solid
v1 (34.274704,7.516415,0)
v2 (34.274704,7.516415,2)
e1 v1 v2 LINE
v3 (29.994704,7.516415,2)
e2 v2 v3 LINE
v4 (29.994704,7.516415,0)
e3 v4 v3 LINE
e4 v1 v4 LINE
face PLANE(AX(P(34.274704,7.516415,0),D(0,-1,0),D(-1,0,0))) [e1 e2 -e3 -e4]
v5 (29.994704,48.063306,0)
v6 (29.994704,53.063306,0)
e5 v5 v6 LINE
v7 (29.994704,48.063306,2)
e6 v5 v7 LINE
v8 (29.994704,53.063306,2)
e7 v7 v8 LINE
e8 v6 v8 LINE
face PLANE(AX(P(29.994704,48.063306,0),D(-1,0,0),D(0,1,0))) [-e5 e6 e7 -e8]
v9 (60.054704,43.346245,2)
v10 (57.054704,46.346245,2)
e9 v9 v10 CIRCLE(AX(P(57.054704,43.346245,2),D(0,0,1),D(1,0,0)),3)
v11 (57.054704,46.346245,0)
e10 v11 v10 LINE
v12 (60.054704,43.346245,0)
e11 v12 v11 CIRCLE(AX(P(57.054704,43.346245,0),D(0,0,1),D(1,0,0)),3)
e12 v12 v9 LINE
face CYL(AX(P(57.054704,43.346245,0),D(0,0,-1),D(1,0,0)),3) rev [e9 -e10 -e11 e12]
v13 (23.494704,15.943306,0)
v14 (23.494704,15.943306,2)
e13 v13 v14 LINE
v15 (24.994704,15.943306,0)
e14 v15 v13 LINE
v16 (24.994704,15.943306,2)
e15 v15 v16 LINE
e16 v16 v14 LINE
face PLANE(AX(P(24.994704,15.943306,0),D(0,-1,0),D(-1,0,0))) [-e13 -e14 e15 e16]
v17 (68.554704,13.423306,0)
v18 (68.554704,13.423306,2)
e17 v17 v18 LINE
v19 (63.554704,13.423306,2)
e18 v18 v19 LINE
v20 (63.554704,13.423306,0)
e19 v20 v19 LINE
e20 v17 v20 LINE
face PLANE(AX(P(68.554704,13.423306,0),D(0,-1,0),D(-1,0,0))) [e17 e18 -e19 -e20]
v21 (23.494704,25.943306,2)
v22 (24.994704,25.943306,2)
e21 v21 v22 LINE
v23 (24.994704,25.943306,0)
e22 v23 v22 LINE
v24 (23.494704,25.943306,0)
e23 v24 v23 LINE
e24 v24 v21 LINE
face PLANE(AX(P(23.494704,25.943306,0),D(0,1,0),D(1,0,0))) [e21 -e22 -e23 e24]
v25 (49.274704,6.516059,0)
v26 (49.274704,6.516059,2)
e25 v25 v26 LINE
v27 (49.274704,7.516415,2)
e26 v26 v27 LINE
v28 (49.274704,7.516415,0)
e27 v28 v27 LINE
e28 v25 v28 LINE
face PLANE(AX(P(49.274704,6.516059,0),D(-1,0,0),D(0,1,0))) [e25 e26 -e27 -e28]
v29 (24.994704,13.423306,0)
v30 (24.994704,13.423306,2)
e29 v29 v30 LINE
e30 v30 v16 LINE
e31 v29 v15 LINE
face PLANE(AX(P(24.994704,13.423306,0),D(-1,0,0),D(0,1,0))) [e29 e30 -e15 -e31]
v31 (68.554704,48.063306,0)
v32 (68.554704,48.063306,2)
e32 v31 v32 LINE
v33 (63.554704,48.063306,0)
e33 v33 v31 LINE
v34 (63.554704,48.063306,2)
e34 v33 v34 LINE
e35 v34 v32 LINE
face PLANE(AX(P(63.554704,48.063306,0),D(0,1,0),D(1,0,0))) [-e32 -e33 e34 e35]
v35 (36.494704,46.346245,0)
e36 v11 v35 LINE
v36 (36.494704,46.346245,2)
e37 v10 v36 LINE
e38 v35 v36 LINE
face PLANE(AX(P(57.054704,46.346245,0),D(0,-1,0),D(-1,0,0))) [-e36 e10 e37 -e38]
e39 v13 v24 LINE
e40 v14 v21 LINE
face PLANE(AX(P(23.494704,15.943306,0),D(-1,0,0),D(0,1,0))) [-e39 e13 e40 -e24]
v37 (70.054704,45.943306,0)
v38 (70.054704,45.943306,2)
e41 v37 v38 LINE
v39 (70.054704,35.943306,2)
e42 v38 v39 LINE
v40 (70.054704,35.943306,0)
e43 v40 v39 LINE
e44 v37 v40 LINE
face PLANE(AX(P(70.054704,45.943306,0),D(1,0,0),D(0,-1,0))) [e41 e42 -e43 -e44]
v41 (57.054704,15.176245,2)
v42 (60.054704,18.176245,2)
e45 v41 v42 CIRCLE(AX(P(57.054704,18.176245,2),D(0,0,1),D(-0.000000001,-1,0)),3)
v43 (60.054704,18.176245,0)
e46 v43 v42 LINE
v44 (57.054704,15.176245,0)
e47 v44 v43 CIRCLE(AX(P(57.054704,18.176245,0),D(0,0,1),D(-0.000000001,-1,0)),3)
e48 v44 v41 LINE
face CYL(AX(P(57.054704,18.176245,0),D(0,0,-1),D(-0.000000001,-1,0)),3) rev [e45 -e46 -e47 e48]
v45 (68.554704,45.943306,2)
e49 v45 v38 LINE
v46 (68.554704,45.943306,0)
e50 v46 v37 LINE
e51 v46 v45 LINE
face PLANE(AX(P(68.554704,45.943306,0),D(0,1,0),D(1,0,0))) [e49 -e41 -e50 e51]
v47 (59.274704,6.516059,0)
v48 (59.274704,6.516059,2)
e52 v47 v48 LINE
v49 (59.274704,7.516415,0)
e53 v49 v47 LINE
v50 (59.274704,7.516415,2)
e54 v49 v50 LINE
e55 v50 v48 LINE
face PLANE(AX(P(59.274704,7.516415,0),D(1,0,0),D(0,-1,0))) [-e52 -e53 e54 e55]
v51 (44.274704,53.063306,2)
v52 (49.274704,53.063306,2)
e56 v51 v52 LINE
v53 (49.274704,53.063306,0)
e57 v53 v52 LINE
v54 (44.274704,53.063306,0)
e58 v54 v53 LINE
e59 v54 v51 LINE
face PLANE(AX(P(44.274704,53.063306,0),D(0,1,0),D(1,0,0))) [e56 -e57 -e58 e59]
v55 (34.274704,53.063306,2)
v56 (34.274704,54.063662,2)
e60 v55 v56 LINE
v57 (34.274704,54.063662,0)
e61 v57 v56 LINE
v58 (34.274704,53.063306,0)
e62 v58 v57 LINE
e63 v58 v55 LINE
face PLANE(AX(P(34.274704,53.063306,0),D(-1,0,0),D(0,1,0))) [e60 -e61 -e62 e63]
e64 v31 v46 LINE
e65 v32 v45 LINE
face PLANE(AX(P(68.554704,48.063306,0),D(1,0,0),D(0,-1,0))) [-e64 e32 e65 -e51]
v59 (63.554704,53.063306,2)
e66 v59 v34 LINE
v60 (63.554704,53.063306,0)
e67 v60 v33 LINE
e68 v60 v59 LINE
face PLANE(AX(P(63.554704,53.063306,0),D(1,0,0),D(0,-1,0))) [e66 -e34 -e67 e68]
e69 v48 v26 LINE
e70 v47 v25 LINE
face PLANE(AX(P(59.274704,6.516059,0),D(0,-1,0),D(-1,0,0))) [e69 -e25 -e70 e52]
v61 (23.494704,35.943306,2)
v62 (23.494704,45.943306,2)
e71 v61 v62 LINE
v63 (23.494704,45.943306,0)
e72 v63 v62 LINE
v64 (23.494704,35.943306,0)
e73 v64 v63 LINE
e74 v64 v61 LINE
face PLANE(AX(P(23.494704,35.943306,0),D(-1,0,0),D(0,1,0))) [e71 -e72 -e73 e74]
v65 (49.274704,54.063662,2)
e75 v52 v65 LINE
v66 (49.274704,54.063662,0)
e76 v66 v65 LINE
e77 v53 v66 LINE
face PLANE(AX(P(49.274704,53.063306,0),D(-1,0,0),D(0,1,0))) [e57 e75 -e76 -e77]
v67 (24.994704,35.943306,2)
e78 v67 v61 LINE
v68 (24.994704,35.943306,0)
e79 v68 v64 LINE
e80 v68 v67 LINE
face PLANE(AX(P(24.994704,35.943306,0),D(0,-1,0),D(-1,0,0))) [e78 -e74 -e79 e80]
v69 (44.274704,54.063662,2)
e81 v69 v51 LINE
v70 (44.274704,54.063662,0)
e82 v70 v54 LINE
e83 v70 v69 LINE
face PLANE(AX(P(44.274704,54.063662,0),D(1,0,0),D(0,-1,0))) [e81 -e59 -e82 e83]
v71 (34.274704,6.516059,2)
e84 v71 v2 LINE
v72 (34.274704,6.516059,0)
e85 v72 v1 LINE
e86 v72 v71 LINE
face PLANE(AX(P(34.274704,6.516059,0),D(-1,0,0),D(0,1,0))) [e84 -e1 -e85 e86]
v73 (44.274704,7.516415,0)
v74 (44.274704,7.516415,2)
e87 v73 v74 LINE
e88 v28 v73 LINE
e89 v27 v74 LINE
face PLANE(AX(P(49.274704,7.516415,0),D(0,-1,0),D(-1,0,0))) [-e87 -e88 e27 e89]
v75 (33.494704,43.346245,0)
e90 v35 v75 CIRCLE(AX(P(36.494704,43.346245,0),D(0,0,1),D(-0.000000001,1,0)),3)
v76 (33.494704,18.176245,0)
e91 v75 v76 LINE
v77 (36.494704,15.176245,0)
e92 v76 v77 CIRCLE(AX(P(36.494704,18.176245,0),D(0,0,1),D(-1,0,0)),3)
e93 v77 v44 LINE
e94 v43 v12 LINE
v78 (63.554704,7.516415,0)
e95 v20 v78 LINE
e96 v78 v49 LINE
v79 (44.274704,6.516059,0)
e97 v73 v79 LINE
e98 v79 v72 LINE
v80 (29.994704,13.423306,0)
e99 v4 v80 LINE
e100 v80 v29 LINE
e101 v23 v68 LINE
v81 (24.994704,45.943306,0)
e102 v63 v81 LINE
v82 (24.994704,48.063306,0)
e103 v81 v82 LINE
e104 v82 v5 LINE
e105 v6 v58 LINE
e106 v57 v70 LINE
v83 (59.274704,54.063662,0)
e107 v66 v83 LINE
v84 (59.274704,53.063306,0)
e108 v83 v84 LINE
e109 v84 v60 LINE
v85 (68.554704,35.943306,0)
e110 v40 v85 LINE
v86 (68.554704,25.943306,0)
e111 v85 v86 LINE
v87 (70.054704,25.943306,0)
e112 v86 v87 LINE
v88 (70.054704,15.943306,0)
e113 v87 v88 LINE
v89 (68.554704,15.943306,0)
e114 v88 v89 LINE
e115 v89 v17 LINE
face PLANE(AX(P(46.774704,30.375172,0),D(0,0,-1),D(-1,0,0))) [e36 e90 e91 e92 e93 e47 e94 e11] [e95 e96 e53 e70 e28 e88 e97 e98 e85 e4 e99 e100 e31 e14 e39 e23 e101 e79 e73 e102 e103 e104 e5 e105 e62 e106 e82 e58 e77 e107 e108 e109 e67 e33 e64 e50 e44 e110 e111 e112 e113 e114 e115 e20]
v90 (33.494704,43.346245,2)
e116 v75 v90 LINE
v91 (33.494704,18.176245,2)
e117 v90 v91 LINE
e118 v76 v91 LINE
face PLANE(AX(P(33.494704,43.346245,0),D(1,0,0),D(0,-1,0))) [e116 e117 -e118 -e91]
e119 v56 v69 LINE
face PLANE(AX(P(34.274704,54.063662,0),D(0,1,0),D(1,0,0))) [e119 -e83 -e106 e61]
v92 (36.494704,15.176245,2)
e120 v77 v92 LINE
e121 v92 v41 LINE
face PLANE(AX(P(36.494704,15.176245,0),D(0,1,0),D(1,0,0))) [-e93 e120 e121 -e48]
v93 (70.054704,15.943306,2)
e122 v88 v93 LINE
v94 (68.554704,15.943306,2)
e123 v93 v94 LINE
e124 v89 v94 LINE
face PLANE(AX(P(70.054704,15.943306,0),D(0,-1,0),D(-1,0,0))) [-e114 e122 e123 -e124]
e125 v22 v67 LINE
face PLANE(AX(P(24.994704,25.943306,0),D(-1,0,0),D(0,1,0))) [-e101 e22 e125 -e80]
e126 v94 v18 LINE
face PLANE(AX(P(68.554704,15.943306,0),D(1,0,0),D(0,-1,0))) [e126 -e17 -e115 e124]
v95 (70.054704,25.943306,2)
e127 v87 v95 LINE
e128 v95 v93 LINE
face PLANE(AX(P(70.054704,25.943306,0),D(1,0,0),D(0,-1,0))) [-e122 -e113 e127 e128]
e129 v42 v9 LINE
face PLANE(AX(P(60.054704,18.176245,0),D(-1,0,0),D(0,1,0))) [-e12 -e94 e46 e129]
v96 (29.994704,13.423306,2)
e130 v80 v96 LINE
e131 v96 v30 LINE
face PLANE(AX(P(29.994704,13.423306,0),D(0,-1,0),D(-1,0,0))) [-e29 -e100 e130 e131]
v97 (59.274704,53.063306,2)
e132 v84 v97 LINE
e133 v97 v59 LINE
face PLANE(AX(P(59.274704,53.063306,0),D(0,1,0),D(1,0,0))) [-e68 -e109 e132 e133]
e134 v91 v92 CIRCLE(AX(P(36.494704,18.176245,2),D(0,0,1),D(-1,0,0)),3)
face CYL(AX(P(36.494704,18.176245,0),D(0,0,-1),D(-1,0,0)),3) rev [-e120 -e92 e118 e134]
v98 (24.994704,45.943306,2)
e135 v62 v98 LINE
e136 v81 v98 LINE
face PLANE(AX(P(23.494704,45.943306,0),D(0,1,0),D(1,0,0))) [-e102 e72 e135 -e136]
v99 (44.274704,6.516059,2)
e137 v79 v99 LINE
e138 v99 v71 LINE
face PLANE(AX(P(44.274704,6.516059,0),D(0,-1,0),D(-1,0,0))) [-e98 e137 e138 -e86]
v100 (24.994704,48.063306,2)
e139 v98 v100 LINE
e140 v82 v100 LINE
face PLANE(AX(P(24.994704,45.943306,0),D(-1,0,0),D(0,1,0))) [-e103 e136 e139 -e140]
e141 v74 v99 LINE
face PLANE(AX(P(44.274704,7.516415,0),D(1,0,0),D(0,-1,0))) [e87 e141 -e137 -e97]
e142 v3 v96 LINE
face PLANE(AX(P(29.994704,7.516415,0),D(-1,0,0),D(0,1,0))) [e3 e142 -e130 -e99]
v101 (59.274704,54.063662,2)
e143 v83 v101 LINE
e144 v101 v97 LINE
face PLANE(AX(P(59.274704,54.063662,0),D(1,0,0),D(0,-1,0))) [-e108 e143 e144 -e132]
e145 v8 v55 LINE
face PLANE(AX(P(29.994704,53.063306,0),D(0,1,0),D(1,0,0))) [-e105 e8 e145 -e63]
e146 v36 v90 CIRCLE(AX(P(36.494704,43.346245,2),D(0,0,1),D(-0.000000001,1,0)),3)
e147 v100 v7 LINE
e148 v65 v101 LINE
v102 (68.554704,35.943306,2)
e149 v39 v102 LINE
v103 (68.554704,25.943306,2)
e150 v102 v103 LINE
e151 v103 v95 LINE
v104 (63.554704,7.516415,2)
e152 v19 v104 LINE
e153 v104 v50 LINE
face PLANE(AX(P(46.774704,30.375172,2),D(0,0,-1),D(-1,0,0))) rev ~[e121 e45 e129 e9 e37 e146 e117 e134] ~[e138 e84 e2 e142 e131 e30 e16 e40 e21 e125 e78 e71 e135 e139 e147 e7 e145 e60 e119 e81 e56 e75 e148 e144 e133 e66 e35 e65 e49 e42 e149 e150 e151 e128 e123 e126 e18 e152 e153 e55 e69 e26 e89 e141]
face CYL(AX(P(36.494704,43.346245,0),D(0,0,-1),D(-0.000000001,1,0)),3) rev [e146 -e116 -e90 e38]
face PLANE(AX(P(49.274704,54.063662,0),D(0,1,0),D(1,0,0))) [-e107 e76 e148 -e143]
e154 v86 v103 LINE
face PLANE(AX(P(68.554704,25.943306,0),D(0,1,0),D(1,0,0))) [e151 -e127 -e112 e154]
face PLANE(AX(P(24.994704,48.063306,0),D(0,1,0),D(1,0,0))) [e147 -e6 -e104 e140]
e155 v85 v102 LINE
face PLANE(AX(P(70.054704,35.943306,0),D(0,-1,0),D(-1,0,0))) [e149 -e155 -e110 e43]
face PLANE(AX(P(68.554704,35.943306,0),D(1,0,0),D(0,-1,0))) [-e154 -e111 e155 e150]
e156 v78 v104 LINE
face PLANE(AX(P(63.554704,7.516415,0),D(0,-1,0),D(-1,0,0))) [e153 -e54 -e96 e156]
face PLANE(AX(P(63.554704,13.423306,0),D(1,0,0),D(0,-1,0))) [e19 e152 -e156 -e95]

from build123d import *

# Parameters (mm, degrees)
EXTRUDE_1_DEPTH = 2


with BuildPart() as part:
    # Model → 凸台-拉伸1 (new body)
    with BuildSketch(Plane.XY):
        Polygon((29.994704425, 53.063306025), (34.274704425, 53.063306025), (34.274704425, 54.063661731), (44.274704425, 54.063661731), (44.274704425, 53.063306025), (49.274704425, 53.063306025), (49.274704425, 54.063661731), (59.274704425, 54.063661731), (59.274704425, 53.063306025), (63.554704425, 53.063306025), (63.554704425, 48.063306025), (68.554704425, 48.063306025), (68.554704425, 45.943306025), (70.054704425, 45.943306025), (70.054704425, 35.943306025), (68.554704425, 35.943306025), (68.554704425, 25.943306025), (70.054704425, 25.943306025), (70.054704425, 15.943306025), (68.554704425, 15.943306025), (68.554704425, 13.423306025), (63.554704425, 13.423306025), (63.554704425, 7.516414838), (59.274704425, 7.516414838), (59.274704425, 6.516059132), (49.274704425, 6.516059132), (49.274704425, 7.516414838), (44.274704425, 7.516414838), (44.274704425, 6.516059132), (34.274704425, 6.516059132), (34.274704425, 7.516414838), (29.994704425, 7.516414838), (29.994704425, 13.423306025), (24.994704425, 13.423306025), (24.994704425, 15.943306025), (23.494704425, 15.943306025), (23.494704425, 25.943306025), (24.994704425, 25.943306025), (24.994704425, 35.943306025), (23.494704425, 35.943306025), (23.494704425, 45.943306025), (24.994704425, 45.943306025), (24.994704425, 48.063306025), (29.994704425, 48.063306025), align=None)
        with BuildLine():
            Line((57.054704425, 46.346244952), (36.494704425, 46.346244952))
            ThreePointArc((36.494704425, 46.346244952), (34.373384082, 45.467565295), (33.494704425, 43.346244952))
            Line((33.494704425, 43.346244952), (33.494704425, 18.176244952))
            ThreePointArc((33.494704425, 18.176244952), (34.373384082, 16.054924608), (36.494704425, 15.176244952))
            Line((36.494704425, 15.176244952), (57.054704425, 15.176244952))
            ThreePointArc((57.054704425, 15.176244952), (59.176024769, 16.054924608), (60.054704425, 18.176244952))
            Line((60.054704425, 18.176244952), (60.054704425, 43.346244952))
            ThreePointArc((60.054704425, 43.346244952), (59.176024769, 45.467565295), (57.054704425, 46.346244952))
        make_face(mode=Mode.SUBTRACT)
    extrude(amount=EXTRUDE_1_DEPTH)


solid = part.part
